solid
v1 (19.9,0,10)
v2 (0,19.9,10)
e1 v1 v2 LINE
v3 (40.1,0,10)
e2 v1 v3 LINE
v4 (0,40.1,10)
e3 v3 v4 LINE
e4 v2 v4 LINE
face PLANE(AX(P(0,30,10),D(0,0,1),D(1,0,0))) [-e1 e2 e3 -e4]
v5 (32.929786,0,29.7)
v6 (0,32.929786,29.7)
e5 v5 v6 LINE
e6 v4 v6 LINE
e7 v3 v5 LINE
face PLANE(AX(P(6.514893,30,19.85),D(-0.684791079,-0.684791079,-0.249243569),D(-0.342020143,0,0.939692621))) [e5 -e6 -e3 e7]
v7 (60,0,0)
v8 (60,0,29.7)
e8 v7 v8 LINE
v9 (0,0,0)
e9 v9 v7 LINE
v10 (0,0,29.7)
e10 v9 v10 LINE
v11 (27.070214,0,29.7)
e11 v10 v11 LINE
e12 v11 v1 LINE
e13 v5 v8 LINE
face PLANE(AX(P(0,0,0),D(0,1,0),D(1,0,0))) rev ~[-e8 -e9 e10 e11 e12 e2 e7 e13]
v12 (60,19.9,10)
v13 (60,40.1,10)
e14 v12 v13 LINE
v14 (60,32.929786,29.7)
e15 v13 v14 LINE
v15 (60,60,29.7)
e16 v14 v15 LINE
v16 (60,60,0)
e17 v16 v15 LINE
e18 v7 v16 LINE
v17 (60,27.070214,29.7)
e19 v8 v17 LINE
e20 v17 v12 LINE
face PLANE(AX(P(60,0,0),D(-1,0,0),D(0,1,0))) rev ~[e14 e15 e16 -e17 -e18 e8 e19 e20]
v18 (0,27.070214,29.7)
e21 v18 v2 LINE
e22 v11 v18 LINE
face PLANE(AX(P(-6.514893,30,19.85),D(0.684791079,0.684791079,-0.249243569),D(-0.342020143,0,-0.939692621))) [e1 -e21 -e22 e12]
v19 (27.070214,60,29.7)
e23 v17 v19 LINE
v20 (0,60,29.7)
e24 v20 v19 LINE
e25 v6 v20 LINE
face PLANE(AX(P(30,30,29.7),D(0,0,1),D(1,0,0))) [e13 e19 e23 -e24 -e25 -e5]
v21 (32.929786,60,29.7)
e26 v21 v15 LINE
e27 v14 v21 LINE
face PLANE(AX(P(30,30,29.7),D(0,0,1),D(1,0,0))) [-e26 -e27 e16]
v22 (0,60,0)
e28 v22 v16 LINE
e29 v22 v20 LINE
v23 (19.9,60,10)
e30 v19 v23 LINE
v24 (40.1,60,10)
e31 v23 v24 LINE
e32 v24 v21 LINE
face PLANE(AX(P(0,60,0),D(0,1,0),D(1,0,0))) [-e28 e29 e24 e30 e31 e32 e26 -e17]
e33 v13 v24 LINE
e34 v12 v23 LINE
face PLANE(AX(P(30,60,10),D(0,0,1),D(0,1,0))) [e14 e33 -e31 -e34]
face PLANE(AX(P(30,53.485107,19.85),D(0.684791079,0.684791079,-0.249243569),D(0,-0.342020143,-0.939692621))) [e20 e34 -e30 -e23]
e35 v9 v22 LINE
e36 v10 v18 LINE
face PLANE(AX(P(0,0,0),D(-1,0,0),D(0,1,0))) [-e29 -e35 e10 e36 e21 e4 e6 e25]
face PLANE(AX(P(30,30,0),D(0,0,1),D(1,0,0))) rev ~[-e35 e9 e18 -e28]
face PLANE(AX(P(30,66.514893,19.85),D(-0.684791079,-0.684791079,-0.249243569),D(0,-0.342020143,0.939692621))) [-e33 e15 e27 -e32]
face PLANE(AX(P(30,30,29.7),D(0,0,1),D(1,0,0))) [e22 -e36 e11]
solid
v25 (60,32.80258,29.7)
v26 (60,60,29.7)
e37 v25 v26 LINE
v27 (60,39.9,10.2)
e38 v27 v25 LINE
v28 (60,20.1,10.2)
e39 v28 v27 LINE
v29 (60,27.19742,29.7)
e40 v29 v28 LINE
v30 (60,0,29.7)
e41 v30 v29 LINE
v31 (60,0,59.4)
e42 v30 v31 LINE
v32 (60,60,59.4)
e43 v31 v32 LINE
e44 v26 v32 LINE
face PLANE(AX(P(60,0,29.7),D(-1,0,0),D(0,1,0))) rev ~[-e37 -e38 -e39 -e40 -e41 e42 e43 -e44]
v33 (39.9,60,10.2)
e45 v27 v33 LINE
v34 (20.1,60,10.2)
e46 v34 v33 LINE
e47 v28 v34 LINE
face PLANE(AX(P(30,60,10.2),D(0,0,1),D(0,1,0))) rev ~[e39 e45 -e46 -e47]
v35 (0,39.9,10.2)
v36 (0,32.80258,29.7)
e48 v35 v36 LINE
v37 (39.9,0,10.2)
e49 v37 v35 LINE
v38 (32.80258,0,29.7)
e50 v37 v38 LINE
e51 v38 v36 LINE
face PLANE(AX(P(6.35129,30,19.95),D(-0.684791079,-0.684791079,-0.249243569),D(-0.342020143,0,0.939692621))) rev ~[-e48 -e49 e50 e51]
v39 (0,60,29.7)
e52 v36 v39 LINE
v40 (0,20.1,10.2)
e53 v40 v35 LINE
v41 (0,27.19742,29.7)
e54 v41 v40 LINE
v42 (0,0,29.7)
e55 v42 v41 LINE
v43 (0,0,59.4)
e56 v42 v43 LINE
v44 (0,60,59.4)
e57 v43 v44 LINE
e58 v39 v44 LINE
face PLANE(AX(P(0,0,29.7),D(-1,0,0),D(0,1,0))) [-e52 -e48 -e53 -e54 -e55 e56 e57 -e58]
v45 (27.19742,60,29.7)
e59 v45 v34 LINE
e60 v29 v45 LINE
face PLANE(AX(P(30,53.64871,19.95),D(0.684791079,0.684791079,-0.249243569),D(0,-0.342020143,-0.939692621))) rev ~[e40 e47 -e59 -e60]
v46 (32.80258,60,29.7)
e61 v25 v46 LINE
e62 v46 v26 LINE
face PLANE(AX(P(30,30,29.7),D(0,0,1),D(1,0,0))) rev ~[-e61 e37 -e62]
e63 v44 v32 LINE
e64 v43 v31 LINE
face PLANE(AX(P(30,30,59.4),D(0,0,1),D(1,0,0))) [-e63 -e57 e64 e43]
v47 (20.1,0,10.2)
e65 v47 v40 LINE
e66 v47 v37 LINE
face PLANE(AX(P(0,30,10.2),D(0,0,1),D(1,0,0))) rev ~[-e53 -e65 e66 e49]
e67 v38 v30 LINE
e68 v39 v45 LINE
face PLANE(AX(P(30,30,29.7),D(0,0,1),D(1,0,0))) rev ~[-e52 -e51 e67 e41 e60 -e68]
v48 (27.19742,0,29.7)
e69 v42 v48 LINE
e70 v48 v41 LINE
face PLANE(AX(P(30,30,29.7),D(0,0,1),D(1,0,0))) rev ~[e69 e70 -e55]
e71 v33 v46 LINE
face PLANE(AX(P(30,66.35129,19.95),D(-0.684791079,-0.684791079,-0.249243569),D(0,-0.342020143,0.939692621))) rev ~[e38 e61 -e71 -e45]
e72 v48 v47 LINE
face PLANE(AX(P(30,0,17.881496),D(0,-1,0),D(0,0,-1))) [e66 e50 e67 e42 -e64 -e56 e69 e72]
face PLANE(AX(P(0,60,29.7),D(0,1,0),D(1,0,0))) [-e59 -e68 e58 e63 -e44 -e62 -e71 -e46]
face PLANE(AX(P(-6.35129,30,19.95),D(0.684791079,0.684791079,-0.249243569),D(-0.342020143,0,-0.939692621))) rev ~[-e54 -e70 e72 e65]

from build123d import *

# Parameters (mm, degrees)
F0_W      = 60
F0_H      = 60
F1_DEPTH  = 29.7
F7_W      = 60
F7_H      = 60
F8_DEPTH  = 29.7
F9_W      = 2.0984072936
F9_H      = 7.3124578476
F14_DEPTH = 59.4


with BuildPart() as f1:
    # F0 (on Top) → F1 (new body)
    with BuildSketch(Plane.XY):
        with Locations((30, 30)):
            Rectangle(F0_W, F0_H)
    extrude(amount=F1_DEPTH)

    # F4: sweep along a path in F3
    with BuildLine(Plane.XY.offset(29.7)) as f4_path:
        Line((60, 0), (0, 60))
    # F2 (on face) → F4 (sweep, cut)
    with BuildSketch(Plane.XZ):
        Polygon((32.929786385, 29.7), (27.070213615, 29.7), (19.9, 10), (40.1, 10), align=None)
    sweep(path=f4_path.line, mode=Mode.SUBTRACT)

    # F6: sweep along a path in F3
    with BuildLine(Plane.XY.offset(29.7)) as f6_path:
        Line((60, 0), (0, 60))
    # F5 (on face) → F6 (sweep, cut)
    with BuildSketch(Plane.YZ.offset(60)):
        Polygon((32.929786385, 29.7), (27.070213615, 29.7), (19.9, 10), (40.1, 10), align=None)
    sweep(path=f6_path.line, mode=Mode.SUBTRACT)


with BuildPart() as f8:
    # F7 (on face) → F8 (new body)
    with BuildSketch(Plane.XY.offset(29.7)):
        with Locations((30, 30)):
            Rectangle(F7_W, F7_H)
    extrude(amount=F8_DEPTH)

    # F10: sweep along a path in F3
    with BuildLine(Plane.XY.offset(29.7)) as f10_path:
        Line((60, 0), (0, 60))
    # F9 (on face) → F10 (sweep)
    with BuildSketch(Plane.YZ.offset(60)):
        with Locations((29.8194439733, 33.3562289238)):
            Rectangle(F9_W, F9_H)
        Polygon((28.7702403265, 29.7), (27.1974195682, 29.7), (20.1, 10.2), (39.9, 10.2), (32.8025804318, 29.7), (30.8686476201, 29.7), align=None)
    sweep(path=f10_path.line)

    # F12: sweep along a path in F3
    with BuildLine(Plane.XY.offset(29.7)) as f12_path:
        Line((60, 0), (0, 60))
    # F11 (on face) → F12 (sweep)
    with BuildSketch(Plane.XZ):
        Polygon((32.8025804318, 29.7), (27.1974195682, 29.7), (20.1, 10.2), (39.9, 10.2), align=None)
    sweep(path=f12_path.line)

    # F13 (on face) → F14 (cut, through all)
    with BuildSketch(Plane.XY.offset(59.4)):
        Polygon((-98.9901870489, 0), (0, 0), (0, 60), (60, 60), (60, 121.1255267262), (-98.9901870489, 121.1255267262), align=None)
    extrude(amount=-F14_DEPTH, mode=Mode.SUBTRACT)


solid = Compound([f1.part, f8.part])
